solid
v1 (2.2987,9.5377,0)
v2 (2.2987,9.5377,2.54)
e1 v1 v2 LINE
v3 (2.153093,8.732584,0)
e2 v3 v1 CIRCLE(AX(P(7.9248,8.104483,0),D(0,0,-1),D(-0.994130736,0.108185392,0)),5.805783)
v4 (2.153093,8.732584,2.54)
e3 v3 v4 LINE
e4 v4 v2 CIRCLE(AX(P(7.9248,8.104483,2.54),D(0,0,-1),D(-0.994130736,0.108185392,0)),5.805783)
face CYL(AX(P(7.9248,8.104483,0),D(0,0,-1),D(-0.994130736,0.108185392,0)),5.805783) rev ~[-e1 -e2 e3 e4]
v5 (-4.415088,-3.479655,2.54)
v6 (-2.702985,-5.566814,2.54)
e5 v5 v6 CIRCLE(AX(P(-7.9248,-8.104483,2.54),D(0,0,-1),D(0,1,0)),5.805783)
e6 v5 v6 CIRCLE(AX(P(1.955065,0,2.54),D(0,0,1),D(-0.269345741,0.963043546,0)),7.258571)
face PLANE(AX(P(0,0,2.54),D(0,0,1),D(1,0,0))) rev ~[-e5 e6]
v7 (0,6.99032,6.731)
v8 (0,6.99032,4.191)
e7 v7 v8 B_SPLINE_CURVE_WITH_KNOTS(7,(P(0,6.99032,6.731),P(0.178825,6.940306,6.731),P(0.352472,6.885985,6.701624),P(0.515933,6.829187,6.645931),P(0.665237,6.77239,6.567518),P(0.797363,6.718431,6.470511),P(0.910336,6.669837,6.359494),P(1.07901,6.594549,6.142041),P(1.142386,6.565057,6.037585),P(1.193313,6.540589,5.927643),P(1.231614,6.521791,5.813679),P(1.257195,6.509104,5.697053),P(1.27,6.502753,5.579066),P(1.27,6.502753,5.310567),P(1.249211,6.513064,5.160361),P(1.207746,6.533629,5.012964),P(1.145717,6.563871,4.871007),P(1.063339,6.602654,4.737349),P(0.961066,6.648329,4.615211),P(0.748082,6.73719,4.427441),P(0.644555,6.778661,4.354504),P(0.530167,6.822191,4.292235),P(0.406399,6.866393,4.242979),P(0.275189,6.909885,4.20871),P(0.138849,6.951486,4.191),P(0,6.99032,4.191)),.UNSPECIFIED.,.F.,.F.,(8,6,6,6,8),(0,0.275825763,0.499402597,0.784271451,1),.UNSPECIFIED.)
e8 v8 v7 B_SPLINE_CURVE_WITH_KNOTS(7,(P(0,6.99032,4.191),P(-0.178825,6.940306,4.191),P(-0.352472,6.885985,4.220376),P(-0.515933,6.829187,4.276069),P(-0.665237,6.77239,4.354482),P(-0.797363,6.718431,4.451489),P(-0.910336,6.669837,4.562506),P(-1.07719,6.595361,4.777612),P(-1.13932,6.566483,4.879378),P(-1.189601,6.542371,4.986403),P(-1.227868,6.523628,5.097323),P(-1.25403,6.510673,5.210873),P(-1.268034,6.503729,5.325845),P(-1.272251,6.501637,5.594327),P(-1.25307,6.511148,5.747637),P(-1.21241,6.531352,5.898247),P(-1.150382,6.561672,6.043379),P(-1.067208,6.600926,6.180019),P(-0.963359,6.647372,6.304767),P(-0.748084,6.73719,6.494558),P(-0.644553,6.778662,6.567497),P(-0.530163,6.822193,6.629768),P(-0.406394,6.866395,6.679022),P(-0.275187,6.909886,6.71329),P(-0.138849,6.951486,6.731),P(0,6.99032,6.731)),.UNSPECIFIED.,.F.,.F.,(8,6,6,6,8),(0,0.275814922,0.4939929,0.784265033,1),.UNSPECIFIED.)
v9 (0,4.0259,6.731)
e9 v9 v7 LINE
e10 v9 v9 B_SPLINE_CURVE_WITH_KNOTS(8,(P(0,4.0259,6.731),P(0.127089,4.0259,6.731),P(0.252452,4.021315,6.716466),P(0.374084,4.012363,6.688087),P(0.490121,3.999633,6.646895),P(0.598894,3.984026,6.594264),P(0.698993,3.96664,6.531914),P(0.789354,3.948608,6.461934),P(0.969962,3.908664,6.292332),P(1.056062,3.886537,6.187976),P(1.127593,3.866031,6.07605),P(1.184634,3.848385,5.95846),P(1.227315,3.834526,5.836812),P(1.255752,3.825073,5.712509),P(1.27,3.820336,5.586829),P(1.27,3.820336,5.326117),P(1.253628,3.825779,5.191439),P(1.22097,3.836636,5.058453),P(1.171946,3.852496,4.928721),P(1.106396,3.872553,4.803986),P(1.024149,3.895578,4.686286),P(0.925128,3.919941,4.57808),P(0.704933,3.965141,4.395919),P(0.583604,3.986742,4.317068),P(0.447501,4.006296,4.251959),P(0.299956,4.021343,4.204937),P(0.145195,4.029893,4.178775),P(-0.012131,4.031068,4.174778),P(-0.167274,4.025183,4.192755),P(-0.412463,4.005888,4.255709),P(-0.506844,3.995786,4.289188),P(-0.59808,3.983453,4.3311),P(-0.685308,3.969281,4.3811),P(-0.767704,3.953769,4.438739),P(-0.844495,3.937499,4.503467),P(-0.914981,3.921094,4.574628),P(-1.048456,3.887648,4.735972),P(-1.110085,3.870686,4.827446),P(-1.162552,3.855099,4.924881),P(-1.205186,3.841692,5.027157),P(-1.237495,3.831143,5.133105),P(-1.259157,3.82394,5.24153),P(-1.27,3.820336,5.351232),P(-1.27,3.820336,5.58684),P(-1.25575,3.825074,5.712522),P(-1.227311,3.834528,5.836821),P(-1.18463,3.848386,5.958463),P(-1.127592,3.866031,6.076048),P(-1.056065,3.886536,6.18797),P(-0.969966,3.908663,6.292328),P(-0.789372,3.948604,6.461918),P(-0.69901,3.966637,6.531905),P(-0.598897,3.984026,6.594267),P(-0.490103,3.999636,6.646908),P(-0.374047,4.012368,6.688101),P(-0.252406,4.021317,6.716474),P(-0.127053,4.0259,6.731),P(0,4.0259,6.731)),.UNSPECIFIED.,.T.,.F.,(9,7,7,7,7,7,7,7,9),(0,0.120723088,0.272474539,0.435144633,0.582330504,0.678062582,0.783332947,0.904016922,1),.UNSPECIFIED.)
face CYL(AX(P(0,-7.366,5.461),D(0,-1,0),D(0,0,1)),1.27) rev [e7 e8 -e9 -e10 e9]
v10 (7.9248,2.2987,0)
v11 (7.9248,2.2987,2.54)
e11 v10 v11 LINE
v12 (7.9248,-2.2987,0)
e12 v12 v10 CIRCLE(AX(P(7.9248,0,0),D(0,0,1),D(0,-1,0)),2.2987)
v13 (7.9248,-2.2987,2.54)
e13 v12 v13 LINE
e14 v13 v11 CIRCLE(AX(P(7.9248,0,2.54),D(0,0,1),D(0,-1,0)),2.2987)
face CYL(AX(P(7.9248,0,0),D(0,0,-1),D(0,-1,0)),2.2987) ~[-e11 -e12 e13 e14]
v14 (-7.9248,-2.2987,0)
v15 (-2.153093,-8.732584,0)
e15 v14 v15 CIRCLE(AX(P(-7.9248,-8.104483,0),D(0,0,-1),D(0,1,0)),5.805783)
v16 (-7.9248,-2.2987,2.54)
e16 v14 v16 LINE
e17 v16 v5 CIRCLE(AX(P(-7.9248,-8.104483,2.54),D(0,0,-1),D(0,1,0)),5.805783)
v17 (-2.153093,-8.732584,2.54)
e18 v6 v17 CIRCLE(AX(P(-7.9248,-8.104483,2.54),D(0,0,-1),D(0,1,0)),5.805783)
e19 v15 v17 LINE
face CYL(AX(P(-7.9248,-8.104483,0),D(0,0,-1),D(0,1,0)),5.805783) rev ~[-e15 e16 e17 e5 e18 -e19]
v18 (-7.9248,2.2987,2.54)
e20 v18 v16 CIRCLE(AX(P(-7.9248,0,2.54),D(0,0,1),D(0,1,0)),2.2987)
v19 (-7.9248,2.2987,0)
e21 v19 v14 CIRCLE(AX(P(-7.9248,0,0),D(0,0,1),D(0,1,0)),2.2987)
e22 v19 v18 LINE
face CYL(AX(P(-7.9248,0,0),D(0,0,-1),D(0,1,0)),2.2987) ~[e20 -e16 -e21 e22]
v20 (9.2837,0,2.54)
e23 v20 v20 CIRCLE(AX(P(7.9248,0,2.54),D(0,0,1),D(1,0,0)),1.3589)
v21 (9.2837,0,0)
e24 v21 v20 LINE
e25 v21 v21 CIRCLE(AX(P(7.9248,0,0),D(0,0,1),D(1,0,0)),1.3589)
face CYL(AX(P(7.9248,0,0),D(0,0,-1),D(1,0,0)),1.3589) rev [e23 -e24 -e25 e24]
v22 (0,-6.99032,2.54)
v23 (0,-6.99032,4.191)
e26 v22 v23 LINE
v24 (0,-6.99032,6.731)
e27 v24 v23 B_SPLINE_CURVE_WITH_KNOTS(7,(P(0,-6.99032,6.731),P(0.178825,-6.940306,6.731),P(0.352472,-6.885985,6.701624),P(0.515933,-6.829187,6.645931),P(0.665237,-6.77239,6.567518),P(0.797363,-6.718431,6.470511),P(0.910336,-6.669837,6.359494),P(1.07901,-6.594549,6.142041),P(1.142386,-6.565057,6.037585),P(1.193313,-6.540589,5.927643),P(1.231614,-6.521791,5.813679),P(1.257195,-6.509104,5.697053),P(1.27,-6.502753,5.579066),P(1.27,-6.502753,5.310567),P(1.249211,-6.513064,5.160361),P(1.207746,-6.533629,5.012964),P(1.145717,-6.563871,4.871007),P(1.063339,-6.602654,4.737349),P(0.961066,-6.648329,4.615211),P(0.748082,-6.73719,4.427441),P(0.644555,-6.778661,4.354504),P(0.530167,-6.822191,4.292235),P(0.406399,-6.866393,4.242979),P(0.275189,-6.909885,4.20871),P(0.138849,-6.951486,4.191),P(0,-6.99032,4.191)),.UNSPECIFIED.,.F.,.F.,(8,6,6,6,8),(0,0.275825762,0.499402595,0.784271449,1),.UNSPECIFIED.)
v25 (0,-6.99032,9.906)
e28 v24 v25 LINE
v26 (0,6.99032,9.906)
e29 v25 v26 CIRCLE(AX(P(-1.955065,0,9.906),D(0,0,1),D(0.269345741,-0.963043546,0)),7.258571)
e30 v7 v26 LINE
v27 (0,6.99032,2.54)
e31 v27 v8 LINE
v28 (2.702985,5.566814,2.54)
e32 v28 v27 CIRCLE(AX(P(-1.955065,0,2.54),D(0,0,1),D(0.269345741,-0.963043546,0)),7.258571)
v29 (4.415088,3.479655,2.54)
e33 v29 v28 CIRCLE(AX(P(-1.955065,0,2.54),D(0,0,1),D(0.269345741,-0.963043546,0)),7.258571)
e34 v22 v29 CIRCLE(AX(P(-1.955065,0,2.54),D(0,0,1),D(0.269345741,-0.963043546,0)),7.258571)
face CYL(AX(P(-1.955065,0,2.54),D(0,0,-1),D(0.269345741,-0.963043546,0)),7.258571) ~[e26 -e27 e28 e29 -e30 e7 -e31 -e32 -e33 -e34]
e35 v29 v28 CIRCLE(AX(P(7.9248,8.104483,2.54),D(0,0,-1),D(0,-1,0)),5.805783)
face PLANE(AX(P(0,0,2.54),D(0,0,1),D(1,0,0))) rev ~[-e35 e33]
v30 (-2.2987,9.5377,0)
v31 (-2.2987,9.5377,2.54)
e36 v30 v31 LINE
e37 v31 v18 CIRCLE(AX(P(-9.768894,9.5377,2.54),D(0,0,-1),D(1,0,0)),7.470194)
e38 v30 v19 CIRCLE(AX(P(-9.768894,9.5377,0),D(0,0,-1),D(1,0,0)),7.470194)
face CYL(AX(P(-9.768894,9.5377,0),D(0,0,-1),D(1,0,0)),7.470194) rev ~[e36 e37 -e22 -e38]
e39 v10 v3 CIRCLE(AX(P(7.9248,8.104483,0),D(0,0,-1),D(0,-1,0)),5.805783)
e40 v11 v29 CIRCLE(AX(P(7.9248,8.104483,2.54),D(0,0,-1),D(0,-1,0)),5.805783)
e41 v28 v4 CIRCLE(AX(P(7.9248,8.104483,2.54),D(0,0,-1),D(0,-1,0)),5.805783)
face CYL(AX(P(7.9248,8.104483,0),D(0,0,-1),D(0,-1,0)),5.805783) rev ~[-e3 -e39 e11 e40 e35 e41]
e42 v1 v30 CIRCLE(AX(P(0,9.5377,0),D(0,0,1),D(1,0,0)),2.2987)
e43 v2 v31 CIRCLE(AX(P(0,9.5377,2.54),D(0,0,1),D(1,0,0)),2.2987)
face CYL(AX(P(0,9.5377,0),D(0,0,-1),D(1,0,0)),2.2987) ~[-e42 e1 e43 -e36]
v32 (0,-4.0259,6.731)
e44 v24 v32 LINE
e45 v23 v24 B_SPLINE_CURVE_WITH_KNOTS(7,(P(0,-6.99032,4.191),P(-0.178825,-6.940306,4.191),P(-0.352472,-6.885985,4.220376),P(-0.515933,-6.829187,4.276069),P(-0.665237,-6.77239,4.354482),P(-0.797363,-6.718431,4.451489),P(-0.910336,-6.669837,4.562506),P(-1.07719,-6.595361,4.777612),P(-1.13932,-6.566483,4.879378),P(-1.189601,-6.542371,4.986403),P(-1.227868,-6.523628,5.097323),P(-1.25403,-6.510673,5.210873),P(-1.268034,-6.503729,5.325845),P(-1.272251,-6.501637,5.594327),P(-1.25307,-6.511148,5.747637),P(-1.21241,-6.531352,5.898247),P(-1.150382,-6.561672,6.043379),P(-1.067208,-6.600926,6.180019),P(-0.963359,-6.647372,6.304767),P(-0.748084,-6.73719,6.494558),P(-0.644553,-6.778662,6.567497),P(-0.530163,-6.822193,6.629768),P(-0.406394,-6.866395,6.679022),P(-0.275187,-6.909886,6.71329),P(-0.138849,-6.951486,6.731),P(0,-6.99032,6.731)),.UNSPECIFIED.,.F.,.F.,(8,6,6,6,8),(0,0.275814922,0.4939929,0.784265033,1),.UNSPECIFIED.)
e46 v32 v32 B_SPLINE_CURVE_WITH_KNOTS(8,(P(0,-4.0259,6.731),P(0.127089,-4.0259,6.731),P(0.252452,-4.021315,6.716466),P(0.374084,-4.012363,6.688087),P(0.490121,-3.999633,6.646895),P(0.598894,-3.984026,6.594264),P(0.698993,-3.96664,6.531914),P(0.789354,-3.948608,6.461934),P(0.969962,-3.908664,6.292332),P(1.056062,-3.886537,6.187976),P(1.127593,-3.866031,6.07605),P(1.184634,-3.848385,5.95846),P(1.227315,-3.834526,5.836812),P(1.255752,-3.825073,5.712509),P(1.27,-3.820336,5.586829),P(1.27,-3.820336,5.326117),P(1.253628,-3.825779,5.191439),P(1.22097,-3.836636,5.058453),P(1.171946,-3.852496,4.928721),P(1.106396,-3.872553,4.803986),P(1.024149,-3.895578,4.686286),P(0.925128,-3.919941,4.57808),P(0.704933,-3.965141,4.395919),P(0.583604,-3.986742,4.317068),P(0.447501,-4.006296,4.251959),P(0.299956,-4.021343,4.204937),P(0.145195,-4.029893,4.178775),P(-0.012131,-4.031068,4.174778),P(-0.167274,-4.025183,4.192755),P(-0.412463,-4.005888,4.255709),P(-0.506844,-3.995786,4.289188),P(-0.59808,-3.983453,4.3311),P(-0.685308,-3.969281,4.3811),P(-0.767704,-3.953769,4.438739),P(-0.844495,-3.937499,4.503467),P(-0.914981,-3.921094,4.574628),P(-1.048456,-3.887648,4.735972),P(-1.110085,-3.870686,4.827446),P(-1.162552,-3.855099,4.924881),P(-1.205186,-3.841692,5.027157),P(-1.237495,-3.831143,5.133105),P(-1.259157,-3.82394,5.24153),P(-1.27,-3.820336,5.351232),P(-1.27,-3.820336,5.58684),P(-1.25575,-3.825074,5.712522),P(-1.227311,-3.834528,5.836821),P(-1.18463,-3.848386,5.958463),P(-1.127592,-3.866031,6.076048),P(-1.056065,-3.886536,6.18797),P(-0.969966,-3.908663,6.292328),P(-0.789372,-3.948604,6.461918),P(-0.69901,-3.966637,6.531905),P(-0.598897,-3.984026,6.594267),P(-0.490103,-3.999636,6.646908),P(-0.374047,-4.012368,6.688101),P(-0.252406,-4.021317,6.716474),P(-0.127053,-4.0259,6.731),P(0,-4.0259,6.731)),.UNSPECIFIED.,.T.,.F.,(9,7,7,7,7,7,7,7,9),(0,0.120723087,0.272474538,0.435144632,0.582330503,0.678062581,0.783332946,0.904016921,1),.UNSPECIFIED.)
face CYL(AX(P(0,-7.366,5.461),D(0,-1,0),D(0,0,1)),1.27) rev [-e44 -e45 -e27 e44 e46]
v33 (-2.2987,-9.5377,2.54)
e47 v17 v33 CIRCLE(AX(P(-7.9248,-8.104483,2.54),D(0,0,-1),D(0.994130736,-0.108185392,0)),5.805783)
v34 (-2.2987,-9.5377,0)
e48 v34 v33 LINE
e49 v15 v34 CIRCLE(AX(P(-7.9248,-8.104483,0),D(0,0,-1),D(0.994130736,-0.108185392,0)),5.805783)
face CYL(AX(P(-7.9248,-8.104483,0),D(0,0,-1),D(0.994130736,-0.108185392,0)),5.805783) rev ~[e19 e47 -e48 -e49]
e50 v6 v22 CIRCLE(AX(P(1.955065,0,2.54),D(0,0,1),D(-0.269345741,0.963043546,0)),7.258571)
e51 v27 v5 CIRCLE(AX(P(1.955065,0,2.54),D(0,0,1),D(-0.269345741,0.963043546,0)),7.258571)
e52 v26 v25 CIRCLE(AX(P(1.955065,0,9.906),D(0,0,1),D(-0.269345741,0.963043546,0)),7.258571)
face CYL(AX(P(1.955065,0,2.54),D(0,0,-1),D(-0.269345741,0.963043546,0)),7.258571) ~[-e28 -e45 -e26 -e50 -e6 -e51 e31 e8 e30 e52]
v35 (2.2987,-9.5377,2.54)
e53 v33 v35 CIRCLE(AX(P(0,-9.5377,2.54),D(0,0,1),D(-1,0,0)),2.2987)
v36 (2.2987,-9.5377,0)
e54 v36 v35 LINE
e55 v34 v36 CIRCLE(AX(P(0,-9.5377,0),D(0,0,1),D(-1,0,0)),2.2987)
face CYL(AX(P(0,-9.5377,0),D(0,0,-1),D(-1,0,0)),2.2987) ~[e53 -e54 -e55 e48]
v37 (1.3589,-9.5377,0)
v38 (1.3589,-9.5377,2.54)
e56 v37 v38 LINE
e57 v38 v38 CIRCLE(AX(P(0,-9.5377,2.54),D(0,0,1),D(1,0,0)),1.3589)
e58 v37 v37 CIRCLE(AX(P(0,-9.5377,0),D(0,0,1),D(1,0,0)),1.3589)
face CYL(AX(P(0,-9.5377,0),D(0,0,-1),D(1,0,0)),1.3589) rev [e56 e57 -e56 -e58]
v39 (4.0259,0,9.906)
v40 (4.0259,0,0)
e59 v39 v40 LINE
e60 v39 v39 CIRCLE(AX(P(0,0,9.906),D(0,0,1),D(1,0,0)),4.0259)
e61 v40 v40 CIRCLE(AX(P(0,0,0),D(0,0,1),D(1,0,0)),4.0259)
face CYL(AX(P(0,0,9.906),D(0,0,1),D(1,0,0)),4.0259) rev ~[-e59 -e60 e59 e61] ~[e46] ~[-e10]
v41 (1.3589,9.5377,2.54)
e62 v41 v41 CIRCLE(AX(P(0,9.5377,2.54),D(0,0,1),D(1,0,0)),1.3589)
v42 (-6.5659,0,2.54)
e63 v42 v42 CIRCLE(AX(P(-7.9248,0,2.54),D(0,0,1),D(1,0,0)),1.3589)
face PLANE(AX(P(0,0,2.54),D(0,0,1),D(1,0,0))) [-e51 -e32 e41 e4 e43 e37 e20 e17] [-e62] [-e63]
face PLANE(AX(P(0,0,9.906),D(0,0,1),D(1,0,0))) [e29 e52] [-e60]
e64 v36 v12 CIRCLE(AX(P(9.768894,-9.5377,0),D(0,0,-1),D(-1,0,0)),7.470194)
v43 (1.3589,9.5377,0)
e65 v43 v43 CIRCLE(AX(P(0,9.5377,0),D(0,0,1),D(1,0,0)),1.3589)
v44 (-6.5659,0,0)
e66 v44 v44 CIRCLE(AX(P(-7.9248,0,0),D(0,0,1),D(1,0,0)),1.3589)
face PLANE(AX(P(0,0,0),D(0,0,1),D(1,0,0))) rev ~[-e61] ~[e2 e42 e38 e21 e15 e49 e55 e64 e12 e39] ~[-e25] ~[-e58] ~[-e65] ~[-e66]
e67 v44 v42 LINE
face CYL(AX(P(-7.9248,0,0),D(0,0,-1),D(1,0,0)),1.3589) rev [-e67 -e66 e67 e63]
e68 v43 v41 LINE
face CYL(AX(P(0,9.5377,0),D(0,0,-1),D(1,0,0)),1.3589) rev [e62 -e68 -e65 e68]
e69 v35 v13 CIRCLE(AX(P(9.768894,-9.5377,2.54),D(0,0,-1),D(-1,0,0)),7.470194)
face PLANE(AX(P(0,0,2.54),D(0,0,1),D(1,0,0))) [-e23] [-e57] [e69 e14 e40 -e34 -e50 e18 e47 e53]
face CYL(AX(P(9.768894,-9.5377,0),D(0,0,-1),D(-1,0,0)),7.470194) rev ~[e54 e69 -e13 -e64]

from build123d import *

# Parameters (mm, degrees)
SKETCH1_R               = 1.3589
EXTRUDE1_DEPTH          = 2.54
EXTRUDE2_DEPTH          = 7.366
SKETCH3_R               = 4.0259
CUT_EXTRUDE1_DEPTH      = 19.513485712
CUT_EXTRUDE2_DEPTH      = 19.513485712
CUT_EXTRUDE2_DEPTH_BACK = 7.366
SKETCH4_R               = 1.27


with BuildPart() as part:
    # Sketch1 → Extrude1 (new body)
    with BuildSketch(Plane.XY):
        with BuildLine():
            ThreePointArc((7.9248, 2.2987), (3.603126127, 4.22759635), (2.153092948, 8.732583583))
            ThreePointArc((2.153092948, 8.732583583), (2.211696246, 9.137709934), (2.2987, 9.5377))
            ThreePointArc((2.2987, 9.5377), (0, 11.8364), (-2.2987, 9.5377))
            ThreePointArc((-2.2987, 9.5377), (-3.870608713, 4.953593702), (-7.9248, 2.2987))
            ThreePointArc((-7.9248, 2.2987), (-10.2235, 0), (-7.9248, -2.2987))
            ThreePointArc((-7.9248, -2.2987), (-3.603126127, -4.22759635), (-2.153092948, -8.732583583))
            ThreePointArc((-2.153092948, -8.732583583), (-2.211696246, -9.137709934), (-2.2987, -9.5377))
            ThreePointArc((-2.2987, -9.5377), (0, -11.8364), (2.2987, -9.5377))
            ThreePointArc((2.2987, -9.5377), (3.870608713, -4.953593702), (7.9248, -2.2987))
            ThreePointArc((7.9248, -2.2987), (10.2235, 0), (7.9248, 2.2987))
        make_face()
        with Locations((0, -9.5377)):
            Circle(SKETCH1_R, mode=Mode.SUBTRACT)
        with Locations((-7.9248, 0)):
            Circle(SKETCH1_R, mode=Mode.SUBTRACT)
        with Locations((7.9248, 0)):
            Circle(SKETCH1_R, mode=Mode.SUBTRACT)
        with Locations((0, 9.5377)):
            Circle(SKETCH1_R, mode=Mode.SUBTRACT)
    extrude(amount=EXTRUDE1_DEPTH)

    # Sketch2 → Extrude2 (add)
    with BuildSketch(Plane.XY.offset(2.54)):
        with BuildLine():
            ThreePointArc((0, 6.990319603), (-5.303505549, 0), (0, -6.990319603))
            ThreePointArc((0, -6.990319603), (5.303505549, 0), (0, 6.990319603))
        make_face()
    extrude(amount=EXTRUDE2_DEPTH)

    # Sketch3 → Cut-Extrude1 (cut, through all)
    with BuildSketch(Plane.XY.offset(9.906)):
        Circle(SKETCH3_R)
    extrude(amount=-CUT_EXTRUDE1_DEPTH, mode=Mode.SUBTRACT)

    # Sketch4 → Cut-Extrude2 (cut, two sides: drawn at the far end of the back side and taken through both)
    with BuildSketch(Plane(origin=(0, 0, 0), x_dir=(1, 0, 0), z_dir=(0, 1, 0)).offset(-CUT_EXTRUDE2_DEPTH_BACK)):
        with Locations(Location((0, -5.461, 0), (0, 0, 270))):
            Circle(SKETCH4_R)
    extrude(amount=CUT_EXTRUDE2_DEPTH + CUT_EXTRUDE2_DEPTH_BACK, mode=Mode.SUBTRACT)


solid = part.part
